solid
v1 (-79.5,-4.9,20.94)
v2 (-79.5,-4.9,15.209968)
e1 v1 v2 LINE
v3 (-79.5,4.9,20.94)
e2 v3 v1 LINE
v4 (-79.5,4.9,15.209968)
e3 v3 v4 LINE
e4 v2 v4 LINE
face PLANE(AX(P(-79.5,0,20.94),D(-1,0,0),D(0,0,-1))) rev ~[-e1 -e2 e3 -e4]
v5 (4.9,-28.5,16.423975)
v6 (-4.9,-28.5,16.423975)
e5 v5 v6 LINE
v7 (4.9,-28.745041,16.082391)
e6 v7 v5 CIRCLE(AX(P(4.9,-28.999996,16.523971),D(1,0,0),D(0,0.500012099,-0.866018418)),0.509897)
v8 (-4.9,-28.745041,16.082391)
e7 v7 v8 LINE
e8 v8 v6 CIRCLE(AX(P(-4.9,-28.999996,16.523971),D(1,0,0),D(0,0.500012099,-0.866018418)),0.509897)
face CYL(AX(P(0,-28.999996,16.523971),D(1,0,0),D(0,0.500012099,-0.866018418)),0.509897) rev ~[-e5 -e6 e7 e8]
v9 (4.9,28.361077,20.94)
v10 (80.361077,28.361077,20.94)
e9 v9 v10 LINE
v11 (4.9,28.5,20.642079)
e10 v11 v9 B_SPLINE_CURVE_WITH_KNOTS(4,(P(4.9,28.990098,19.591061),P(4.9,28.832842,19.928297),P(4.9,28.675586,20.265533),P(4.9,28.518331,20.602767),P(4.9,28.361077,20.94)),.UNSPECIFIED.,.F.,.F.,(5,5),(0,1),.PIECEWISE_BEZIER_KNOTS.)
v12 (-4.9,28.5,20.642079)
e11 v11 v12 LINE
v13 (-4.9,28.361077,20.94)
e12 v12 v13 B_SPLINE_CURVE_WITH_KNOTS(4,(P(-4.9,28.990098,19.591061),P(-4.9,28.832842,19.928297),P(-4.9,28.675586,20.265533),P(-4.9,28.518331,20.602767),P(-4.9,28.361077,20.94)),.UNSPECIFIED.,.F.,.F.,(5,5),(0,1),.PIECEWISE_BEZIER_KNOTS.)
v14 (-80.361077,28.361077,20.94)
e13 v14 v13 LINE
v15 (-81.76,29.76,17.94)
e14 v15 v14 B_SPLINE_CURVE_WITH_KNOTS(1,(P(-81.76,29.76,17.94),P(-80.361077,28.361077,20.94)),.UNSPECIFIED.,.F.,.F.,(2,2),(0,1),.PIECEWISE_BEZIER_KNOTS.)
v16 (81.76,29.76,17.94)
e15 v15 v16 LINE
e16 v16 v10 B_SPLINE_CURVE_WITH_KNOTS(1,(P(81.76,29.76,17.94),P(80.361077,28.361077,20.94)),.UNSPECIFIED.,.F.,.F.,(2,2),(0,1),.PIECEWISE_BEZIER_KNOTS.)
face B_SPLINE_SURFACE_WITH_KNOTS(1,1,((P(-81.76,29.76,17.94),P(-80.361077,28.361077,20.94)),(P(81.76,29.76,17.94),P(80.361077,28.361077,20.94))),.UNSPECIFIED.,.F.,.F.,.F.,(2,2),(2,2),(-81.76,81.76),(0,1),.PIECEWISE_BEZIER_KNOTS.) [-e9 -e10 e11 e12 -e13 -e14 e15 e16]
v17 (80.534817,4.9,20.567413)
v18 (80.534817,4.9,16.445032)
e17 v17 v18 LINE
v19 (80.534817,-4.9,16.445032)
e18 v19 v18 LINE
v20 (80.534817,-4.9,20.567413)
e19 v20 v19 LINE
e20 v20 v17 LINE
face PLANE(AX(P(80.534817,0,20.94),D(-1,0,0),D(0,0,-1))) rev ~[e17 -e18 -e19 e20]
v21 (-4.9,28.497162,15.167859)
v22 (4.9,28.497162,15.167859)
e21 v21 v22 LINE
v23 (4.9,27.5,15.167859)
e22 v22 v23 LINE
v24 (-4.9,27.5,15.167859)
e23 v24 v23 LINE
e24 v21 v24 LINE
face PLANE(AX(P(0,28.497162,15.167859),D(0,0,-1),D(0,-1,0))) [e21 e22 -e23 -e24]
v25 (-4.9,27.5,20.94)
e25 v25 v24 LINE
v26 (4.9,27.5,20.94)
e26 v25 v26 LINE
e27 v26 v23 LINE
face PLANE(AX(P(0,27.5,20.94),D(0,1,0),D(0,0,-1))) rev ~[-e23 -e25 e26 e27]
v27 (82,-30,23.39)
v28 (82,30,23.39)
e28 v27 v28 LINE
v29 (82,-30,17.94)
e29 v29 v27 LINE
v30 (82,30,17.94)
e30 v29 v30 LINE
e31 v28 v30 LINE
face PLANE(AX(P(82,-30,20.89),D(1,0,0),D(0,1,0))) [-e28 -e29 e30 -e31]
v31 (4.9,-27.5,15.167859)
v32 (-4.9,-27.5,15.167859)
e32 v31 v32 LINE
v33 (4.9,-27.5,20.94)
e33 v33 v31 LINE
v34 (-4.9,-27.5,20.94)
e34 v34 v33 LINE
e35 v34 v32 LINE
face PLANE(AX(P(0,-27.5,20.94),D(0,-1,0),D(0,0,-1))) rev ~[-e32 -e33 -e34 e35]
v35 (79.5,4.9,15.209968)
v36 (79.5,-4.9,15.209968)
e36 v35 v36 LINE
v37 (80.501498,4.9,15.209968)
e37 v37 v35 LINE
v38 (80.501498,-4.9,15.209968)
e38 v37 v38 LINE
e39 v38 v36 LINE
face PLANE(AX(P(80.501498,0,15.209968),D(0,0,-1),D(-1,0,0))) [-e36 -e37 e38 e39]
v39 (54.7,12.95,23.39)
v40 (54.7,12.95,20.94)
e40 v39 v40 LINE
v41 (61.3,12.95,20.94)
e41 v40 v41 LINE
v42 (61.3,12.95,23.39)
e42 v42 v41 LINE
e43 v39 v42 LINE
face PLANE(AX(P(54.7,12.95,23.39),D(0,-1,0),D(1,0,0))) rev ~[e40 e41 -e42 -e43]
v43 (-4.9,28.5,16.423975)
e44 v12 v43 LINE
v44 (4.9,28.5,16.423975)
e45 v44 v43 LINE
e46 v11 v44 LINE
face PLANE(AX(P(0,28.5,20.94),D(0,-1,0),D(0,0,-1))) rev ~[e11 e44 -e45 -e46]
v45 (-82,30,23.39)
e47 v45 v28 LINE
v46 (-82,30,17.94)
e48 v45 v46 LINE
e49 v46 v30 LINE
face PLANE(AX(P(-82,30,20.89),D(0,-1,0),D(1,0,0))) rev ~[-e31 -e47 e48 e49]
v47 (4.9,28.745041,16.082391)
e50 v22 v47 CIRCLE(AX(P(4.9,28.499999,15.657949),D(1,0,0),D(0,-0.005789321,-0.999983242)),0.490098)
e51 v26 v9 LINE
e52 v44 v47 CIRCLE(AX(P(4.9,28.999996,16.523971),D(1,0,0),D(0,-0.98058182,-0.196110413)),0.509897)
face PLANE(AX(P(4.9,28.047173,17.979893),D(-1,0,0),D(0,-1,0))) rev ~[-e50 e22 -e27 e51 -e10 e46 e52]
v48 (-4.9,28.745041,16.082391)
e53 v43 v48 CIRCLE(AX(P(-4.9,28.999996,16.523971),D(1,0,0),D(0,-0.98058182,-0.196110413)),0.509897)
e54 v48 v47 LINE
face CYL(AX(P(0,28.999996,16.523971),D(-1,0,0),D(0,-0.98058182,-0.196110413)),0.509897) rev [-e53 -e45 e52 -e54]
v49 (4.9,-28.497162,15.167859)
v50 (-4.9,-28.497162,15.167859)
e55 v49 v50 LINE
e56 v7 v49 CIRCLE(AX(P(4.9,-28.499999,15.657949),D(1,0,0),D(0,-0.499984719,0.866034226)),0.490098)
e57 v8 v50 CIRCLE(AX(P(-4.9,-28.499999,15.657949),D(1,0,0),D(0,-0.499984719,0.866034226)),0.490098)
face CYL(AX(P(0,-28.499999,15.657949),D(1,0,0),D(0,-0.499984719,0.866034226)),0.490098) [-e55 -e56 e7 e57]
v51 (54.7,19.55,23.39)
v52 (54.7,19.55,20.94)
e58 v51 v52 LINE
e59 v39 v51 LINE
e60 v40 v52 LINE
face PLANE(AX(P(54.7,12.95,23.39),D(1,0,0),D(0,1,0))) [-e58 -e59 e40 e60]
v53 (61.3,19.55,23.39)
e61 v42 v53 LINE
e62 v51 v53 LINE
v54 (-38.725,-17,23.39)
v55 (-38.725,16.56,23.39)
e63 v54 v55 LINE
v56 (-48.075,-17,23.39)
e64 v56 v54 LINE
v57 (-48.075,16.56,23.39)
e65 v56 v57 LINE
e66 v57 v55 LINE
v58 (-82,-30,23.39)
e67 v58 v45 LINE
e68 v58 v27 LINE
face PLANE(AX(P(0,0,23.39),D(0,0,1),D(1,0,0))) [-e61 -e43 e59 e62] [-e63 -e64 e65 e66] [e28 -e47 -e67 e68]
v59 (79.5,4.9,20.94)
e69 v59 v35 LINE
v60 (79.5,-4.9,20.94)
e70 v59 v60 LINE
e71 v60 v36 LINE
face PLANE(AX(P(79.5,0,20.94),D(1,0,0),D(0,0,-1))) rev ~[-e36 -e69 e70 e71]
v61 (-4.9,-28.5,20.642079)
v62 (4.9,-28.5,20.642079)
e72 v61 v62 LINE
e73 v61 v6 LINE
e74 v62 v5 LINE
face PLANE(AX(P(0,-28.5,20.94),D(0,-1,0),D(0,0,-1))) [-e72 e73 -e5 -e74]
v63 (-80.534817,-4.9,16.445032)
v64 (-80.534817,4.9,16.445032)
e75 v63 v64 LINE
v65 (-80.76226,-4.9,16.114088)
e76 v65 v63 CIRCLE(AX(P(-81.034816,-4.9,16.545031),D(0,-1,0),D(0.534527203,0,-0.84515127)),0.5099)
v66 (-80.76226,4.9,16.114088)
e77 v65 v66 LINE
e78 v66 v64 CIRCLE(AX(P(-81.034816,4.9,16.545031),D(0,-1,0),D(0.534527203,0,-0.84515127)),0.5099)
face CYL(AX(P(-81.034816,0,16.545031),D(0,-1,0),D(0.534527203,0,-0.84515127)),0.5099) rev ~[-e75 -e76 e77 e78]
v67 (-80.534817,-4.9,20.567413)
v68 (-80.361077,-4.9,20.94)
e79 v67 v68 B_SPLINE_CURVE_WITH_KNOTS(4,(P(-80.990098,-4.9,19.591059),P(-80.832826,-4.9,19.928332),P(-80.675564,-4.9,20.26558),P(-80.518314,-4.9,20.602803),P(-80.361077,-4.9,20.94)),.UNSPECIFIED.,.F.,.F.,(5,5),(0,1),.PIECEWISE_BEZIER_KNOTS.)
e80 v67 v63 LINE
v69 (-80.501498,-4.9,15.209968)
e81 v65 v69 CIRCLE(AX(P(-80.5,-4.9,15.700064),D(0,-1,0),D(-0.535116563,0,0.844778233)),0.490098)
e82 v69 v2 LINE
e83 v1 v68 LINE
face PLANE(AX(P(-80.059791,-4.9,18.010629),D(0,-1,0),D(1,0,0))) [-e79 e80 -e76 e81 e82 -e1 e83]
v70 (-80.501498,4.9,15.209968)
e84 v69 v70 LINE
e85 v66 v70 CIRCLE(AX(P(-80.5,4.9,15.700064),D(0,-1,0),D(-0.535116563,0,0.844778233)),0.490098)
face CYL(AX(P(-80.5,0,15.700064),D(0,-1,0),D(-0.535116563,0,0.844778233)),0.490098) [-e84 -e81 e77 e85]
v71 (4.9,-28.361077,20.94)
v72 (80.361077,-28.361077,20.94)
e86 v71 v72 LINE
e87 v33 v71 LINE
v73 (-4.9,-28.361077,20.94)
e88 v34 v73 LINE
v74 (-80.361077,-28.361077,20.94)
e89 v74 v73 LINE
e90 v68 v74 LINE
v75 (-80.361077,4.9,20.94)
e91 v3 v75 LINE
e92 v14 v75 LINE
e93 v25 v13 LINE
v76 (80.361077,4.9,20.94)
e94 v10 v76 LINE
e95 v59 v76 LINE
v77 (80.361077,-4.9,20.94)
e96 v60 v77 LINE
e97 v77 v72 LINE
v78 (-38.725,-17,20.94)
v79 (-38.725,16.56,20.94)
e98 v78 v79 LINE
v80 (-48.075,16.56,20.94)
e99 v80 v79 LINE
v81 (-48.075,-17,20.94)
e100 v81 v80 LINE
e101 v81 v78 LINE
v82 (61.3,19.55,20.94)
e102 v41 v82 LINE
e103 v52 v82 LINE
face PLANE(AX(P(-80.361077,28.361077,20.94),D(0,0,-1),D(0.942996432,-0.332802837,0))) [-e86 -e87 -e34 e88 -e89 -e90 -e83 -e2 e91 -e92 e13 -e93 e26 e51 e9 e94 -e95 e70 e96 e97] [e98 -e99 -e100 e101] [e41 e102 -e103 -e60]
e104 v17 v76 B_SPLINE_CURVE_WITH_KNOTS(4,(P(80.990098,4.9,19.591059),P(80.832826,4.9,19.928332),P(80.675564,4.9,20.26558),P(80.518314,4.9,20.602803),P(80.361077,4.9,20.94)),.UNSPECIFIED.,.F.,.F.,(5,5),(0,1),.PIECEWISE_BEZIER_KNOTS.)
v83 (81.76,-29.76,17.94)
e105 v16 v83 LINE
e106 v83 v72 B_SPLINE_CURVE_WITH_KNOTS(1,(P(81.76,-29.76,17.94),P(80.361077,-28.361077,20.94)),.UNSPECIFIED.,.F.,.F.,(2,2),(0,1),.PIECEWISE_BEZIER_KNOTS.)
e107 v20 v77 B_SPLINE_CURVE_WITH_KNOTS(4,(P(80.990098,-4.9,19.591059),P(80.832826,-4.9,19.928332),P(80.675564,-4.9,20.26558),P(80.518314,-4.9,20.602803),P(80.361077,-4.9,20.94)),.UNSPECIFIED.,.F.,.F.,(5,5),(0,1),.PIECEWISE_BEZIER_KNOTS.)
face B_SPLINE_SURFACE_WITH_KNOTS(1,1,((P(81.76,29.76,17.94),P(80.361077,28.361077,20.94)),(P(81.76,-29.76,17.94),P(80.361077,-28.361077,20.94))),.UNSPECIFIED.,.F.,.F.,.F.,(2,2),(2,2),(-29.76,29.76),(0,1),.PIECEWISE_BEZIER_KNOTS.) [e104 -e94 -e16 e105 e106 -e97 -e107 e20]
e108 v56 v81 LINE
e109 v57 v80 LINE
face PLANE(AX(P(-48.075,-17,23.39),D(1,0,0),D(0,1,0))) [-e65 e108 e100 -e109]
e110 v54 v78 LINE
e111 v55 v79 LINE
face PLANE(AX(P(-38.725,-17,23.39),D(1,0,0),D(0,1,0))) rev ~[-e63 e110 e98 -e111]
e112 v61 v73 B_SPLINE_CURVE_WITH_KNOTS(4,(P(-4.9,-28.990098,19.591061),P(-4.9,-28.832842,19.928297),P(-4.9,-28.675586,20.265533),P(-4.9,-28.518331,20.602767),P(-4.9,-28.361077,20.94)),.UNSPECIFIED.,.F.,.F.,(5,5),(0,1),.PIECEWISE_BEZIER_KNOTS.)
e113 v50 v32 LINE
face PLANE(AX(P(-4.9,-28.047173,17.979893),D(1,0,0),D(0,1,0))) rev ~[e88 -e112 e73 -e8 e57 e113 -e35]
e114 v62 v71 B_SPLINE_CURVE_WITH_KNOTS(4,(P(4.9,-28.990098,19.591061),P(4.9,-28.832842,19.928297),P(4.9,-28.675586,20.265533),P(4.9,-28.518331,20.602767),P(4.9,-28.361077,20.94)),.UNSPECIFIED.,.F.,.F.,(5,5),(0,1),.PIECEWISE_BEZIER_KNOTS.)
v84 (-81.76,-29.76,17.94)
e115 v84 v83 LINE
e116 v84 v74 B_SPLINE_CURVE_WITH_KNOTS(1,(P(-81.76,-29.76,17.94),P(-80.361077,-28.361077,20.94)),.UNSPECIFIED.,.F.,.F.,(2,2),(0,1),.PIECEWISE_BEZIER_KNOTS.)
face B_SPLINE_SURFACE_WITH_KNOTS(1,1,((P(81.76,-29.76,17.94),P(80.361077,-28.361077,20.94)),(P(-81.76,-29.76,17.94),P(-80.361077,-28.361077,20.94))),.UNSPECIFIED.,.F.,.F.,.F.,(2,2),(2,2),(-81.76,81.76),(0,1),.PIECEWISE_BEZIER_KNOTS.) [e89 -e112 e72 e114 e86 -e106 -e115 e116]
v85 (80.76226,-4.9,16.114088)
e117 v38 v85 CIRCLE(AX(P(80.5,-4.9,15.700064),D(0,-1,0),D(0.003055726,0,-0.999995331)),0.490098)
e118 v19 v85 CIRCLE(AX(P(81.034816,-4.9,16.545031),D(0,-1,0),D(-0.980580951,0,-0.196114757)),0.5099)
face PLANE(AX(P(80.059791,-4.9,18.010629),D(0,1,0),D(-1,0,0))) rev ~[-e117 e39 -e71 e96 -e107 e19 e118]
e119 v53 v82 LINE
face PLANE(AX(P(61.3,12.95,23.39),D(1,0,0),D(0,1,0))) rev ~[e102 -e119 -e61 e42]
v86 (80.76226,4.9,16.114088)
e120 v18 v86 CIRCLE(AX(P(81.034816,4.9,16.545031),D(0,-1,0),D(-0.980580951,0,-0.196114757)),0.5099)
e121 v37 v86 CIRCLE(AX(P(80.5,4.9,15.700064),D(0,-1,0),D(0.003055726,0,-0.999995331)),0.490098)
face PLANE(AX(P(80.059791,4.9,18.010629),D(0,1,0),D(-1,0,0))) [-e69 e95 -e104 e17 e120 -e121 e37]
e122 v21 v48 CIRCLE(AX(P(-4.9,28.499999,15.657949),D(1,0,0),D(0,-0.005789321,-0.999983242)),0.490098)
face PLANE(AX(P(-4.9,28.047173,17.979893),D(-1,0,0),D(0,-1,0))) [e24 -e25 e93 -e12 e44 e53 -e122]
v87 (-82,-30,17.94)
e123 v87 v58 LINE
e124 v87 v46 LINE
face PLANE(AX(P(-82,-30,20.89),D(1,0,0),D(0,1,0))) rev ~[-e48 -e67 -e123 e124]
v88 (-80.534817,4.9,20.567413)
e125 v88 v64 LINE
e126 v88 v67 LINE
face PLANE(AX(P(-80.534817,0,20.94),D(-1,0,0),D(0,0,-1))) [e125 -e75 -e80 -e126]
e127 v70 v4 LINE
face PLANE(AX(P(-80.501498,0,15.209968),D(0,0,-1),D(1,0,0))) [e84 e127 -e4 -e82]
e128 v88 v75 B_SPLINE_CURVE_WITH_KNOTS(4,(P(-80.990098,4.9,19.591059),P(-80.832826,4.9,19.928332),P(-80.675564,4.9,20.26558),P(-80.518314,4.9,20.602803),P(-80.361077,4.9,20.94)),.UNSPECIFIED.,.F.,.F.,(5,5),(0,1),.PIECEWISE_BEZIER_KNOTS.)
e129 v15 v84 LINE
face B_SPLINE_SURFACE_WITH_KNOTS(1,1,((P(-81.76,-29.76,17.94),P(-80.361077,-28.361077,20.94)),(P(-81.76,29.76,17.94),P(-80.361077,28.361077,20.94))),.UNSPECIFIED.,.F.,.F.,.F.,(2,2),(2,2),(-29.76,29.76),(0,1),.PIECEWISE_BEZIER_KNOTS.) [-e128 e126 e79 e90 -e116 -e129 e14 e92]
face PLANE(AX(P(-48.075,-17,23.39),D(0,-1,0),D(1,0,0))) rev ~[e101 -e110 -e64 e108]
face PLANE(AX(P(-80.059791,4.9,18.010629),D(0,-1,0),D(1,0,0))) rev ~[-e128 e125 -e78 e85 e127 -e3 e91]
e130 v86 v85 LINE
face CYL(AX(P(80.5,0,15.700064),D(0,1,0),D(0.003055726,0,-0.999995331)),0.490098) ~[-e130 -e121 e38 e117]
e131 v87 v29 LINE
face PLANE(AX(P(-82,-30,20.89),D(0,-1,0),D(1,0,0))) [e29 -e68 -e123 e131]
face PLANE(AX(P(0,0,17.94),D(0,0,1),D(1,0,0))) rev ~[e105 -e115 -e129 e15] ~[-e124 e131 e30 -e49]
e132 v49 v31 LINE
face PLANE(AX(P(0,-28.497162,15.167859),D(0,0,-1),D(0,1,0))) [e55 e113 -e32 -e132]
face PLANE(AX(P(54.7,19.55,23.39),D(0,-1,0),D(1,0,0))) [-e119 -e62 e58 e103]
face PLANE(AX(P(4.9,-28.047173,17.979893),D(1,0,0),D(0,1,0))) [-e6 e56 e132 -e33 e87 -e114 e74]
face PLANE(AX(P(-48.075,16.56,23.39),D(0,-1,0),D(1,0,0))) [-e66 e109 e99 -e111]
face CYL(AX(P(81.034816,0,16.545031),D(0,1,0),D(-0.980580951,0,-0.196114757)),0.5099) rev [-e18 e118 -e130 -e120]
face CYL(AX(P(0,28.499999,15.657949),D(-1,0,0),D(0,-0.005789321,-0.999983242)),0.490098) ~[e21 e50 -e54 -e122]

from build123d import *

# Parameters (mm, degrees)
SKETCH008_W       = 164
SKETCH008_H       = 60
PAD003_DEPTH      = 2.5
PAD003_DEPTH_BACK = 2.95
SKETCH009_W       = 163.52
SKETCH009_H       = 59.52
POCKET005_DEPTH   = 3
POCKET005_TAPER   = 25
PAD004_DEPTH      = 4.9
PAD004_DEPTH_BACK = 4.9
PAD005_DEPTH      = 4.9
PAD005_DEPTH_BACK = 4.9
SKETCH012_W       = 9.35
SKETCH012_H       = 33.56
SKETCH012_W_2     = 6.6
SKETCH012_H_2     = 6.6
POCKET006_DEPTH   = 2.45


with BuildPart() as part:
    # Sketch008 (on ShapeBinder) → Pad003 (new body, two sides)
    with BuildSketch(Plane.XY.offset(20.89)) as pad003_sk:
        Rectangle(SKETCH008_W, SKETCH008_H)
    extrude(amount=PAD003_DEPTH)
    extrude(pad003_sk.sketch, amount=-PAD003_DEPTH_BACK)

    # Sketch009 (on Face5 of Pad003) → Pocket005 (cut)
    with BuildSketch(Plane(origin=(0, 0, 17.94), x_dir=(1, 0, 0), z_dir=(0, 0, -1))):
        Rectangle(SKETCH009_W, SKETCH009_H)
    extrude(amount=-POCKET005_DEPTH, taper=POCKET005_TAPER, mode=Mode.SUBTRACT)

    # Sketch010 → Pad004 (join, two sides)
    with BuildSketch(Plane.YZ) as pad004_sk:
        with BuildLine():
            Line((-27.5, 20.94), (-28.5, 20.94))
            Line((-28.5, 20.94), (-28.5, 16.423975))
            ThreePointArc((-28.745041, 16.082391), (-28.58568, 16.226755), (-28.5, 16.423975))
            ThreePointArc((-28.745041, 16.082391), (-28.97303, 15.529737), (-28.497162, 15.167859))
            Line((-28.497162, 15.167859), (-27.5, 15.167859))
            Line((-27.5, 20.94), (-27.5, 15.167859))
        make_face()
        with BuildLine():
            Line((27.5, 20.94), (28.5, 20.94))
            Line((28.5, 20.94), (28.5, 16.423975))
            ThreePointArc((28.5, 16.423975), (28.58568, 16.226755), (28.745041, 16.082391))
            ThreePointArc((28.497162, 15.167859), (28.97303, 15.529737), (28.745041, 16.082391))
            Line((28.497162, 15.167859), (27.5, 15.167859))
            Line((27.5, 20.94), (27.5, 15.167859))
        make_face()
    extrude(amount=PAD004_DEPTH)
    extrude(pad004_sk.sketch, amount=-PAD004_DEPTH_BACK)

    # Sketch011 → Pad005 (join, two sides)
    with BuildSketch(Plane.XZ) as pad005_sk:
        with BuildLine():
            Line((-79.5, 20.94), (-80.534817, 20.94))
            Line((-80.534817, 20.94), (-80.534817, 16.445032))
            ThreePointArc((-80.76226, 16.114088), (-80.614588, 16.256228), (-80.534817, 16.445032))
            ThreePointArc((-80.76226, 16.114088), (-80.970904, 15.564248), (-80.501498, 15.209968))
            Line((-80.501498, 15.209968), (-79.5, 15.209968))
            Line((-79.5, 20.94), (-79.5, 15.209968))
        make_face()
        with BuildLine():
            Line((79.5, 20.94), (80.534817, 20.94))
            Line((80.534817, 20.94), (80.534817, 16.445032))
            ThreePointArc((80.534817, 16.445032), (80.614588, 16.256228), (80.76226, 16.114088))
            ThreePointArc((80.501498, 15.209968), (80.970904, 15.564248), (80.76226, 16.114088))
            Line((80.501498, 15.209968), (79.5, 15.209968))
            Line((79.5, 20.94), (79.5, 15.209968))
        make_face()
    extrude(amount=PAD005_DEPTH)
    extrude(pad005_sk.sketch, amount=-PAD005_DEPTH_BACK)

    # Sketch012 (on Face5 of Pad005) → Pocket006 (cut)
    with BuildSketch(Plane.XY.offset(23.39)):
        with Locations((-43.4, -0.22)):
            Rectangle(SKETCH012_W, SKETCH012_H)
        with Locations((58, 16.25)):
            Rectangle(SKETCH012_W_2, SKETCH012_H_2)
    extrude(amount=-POCKET006_DEPTH, mode=Mode.SUBTRACT)


solid = part.part
